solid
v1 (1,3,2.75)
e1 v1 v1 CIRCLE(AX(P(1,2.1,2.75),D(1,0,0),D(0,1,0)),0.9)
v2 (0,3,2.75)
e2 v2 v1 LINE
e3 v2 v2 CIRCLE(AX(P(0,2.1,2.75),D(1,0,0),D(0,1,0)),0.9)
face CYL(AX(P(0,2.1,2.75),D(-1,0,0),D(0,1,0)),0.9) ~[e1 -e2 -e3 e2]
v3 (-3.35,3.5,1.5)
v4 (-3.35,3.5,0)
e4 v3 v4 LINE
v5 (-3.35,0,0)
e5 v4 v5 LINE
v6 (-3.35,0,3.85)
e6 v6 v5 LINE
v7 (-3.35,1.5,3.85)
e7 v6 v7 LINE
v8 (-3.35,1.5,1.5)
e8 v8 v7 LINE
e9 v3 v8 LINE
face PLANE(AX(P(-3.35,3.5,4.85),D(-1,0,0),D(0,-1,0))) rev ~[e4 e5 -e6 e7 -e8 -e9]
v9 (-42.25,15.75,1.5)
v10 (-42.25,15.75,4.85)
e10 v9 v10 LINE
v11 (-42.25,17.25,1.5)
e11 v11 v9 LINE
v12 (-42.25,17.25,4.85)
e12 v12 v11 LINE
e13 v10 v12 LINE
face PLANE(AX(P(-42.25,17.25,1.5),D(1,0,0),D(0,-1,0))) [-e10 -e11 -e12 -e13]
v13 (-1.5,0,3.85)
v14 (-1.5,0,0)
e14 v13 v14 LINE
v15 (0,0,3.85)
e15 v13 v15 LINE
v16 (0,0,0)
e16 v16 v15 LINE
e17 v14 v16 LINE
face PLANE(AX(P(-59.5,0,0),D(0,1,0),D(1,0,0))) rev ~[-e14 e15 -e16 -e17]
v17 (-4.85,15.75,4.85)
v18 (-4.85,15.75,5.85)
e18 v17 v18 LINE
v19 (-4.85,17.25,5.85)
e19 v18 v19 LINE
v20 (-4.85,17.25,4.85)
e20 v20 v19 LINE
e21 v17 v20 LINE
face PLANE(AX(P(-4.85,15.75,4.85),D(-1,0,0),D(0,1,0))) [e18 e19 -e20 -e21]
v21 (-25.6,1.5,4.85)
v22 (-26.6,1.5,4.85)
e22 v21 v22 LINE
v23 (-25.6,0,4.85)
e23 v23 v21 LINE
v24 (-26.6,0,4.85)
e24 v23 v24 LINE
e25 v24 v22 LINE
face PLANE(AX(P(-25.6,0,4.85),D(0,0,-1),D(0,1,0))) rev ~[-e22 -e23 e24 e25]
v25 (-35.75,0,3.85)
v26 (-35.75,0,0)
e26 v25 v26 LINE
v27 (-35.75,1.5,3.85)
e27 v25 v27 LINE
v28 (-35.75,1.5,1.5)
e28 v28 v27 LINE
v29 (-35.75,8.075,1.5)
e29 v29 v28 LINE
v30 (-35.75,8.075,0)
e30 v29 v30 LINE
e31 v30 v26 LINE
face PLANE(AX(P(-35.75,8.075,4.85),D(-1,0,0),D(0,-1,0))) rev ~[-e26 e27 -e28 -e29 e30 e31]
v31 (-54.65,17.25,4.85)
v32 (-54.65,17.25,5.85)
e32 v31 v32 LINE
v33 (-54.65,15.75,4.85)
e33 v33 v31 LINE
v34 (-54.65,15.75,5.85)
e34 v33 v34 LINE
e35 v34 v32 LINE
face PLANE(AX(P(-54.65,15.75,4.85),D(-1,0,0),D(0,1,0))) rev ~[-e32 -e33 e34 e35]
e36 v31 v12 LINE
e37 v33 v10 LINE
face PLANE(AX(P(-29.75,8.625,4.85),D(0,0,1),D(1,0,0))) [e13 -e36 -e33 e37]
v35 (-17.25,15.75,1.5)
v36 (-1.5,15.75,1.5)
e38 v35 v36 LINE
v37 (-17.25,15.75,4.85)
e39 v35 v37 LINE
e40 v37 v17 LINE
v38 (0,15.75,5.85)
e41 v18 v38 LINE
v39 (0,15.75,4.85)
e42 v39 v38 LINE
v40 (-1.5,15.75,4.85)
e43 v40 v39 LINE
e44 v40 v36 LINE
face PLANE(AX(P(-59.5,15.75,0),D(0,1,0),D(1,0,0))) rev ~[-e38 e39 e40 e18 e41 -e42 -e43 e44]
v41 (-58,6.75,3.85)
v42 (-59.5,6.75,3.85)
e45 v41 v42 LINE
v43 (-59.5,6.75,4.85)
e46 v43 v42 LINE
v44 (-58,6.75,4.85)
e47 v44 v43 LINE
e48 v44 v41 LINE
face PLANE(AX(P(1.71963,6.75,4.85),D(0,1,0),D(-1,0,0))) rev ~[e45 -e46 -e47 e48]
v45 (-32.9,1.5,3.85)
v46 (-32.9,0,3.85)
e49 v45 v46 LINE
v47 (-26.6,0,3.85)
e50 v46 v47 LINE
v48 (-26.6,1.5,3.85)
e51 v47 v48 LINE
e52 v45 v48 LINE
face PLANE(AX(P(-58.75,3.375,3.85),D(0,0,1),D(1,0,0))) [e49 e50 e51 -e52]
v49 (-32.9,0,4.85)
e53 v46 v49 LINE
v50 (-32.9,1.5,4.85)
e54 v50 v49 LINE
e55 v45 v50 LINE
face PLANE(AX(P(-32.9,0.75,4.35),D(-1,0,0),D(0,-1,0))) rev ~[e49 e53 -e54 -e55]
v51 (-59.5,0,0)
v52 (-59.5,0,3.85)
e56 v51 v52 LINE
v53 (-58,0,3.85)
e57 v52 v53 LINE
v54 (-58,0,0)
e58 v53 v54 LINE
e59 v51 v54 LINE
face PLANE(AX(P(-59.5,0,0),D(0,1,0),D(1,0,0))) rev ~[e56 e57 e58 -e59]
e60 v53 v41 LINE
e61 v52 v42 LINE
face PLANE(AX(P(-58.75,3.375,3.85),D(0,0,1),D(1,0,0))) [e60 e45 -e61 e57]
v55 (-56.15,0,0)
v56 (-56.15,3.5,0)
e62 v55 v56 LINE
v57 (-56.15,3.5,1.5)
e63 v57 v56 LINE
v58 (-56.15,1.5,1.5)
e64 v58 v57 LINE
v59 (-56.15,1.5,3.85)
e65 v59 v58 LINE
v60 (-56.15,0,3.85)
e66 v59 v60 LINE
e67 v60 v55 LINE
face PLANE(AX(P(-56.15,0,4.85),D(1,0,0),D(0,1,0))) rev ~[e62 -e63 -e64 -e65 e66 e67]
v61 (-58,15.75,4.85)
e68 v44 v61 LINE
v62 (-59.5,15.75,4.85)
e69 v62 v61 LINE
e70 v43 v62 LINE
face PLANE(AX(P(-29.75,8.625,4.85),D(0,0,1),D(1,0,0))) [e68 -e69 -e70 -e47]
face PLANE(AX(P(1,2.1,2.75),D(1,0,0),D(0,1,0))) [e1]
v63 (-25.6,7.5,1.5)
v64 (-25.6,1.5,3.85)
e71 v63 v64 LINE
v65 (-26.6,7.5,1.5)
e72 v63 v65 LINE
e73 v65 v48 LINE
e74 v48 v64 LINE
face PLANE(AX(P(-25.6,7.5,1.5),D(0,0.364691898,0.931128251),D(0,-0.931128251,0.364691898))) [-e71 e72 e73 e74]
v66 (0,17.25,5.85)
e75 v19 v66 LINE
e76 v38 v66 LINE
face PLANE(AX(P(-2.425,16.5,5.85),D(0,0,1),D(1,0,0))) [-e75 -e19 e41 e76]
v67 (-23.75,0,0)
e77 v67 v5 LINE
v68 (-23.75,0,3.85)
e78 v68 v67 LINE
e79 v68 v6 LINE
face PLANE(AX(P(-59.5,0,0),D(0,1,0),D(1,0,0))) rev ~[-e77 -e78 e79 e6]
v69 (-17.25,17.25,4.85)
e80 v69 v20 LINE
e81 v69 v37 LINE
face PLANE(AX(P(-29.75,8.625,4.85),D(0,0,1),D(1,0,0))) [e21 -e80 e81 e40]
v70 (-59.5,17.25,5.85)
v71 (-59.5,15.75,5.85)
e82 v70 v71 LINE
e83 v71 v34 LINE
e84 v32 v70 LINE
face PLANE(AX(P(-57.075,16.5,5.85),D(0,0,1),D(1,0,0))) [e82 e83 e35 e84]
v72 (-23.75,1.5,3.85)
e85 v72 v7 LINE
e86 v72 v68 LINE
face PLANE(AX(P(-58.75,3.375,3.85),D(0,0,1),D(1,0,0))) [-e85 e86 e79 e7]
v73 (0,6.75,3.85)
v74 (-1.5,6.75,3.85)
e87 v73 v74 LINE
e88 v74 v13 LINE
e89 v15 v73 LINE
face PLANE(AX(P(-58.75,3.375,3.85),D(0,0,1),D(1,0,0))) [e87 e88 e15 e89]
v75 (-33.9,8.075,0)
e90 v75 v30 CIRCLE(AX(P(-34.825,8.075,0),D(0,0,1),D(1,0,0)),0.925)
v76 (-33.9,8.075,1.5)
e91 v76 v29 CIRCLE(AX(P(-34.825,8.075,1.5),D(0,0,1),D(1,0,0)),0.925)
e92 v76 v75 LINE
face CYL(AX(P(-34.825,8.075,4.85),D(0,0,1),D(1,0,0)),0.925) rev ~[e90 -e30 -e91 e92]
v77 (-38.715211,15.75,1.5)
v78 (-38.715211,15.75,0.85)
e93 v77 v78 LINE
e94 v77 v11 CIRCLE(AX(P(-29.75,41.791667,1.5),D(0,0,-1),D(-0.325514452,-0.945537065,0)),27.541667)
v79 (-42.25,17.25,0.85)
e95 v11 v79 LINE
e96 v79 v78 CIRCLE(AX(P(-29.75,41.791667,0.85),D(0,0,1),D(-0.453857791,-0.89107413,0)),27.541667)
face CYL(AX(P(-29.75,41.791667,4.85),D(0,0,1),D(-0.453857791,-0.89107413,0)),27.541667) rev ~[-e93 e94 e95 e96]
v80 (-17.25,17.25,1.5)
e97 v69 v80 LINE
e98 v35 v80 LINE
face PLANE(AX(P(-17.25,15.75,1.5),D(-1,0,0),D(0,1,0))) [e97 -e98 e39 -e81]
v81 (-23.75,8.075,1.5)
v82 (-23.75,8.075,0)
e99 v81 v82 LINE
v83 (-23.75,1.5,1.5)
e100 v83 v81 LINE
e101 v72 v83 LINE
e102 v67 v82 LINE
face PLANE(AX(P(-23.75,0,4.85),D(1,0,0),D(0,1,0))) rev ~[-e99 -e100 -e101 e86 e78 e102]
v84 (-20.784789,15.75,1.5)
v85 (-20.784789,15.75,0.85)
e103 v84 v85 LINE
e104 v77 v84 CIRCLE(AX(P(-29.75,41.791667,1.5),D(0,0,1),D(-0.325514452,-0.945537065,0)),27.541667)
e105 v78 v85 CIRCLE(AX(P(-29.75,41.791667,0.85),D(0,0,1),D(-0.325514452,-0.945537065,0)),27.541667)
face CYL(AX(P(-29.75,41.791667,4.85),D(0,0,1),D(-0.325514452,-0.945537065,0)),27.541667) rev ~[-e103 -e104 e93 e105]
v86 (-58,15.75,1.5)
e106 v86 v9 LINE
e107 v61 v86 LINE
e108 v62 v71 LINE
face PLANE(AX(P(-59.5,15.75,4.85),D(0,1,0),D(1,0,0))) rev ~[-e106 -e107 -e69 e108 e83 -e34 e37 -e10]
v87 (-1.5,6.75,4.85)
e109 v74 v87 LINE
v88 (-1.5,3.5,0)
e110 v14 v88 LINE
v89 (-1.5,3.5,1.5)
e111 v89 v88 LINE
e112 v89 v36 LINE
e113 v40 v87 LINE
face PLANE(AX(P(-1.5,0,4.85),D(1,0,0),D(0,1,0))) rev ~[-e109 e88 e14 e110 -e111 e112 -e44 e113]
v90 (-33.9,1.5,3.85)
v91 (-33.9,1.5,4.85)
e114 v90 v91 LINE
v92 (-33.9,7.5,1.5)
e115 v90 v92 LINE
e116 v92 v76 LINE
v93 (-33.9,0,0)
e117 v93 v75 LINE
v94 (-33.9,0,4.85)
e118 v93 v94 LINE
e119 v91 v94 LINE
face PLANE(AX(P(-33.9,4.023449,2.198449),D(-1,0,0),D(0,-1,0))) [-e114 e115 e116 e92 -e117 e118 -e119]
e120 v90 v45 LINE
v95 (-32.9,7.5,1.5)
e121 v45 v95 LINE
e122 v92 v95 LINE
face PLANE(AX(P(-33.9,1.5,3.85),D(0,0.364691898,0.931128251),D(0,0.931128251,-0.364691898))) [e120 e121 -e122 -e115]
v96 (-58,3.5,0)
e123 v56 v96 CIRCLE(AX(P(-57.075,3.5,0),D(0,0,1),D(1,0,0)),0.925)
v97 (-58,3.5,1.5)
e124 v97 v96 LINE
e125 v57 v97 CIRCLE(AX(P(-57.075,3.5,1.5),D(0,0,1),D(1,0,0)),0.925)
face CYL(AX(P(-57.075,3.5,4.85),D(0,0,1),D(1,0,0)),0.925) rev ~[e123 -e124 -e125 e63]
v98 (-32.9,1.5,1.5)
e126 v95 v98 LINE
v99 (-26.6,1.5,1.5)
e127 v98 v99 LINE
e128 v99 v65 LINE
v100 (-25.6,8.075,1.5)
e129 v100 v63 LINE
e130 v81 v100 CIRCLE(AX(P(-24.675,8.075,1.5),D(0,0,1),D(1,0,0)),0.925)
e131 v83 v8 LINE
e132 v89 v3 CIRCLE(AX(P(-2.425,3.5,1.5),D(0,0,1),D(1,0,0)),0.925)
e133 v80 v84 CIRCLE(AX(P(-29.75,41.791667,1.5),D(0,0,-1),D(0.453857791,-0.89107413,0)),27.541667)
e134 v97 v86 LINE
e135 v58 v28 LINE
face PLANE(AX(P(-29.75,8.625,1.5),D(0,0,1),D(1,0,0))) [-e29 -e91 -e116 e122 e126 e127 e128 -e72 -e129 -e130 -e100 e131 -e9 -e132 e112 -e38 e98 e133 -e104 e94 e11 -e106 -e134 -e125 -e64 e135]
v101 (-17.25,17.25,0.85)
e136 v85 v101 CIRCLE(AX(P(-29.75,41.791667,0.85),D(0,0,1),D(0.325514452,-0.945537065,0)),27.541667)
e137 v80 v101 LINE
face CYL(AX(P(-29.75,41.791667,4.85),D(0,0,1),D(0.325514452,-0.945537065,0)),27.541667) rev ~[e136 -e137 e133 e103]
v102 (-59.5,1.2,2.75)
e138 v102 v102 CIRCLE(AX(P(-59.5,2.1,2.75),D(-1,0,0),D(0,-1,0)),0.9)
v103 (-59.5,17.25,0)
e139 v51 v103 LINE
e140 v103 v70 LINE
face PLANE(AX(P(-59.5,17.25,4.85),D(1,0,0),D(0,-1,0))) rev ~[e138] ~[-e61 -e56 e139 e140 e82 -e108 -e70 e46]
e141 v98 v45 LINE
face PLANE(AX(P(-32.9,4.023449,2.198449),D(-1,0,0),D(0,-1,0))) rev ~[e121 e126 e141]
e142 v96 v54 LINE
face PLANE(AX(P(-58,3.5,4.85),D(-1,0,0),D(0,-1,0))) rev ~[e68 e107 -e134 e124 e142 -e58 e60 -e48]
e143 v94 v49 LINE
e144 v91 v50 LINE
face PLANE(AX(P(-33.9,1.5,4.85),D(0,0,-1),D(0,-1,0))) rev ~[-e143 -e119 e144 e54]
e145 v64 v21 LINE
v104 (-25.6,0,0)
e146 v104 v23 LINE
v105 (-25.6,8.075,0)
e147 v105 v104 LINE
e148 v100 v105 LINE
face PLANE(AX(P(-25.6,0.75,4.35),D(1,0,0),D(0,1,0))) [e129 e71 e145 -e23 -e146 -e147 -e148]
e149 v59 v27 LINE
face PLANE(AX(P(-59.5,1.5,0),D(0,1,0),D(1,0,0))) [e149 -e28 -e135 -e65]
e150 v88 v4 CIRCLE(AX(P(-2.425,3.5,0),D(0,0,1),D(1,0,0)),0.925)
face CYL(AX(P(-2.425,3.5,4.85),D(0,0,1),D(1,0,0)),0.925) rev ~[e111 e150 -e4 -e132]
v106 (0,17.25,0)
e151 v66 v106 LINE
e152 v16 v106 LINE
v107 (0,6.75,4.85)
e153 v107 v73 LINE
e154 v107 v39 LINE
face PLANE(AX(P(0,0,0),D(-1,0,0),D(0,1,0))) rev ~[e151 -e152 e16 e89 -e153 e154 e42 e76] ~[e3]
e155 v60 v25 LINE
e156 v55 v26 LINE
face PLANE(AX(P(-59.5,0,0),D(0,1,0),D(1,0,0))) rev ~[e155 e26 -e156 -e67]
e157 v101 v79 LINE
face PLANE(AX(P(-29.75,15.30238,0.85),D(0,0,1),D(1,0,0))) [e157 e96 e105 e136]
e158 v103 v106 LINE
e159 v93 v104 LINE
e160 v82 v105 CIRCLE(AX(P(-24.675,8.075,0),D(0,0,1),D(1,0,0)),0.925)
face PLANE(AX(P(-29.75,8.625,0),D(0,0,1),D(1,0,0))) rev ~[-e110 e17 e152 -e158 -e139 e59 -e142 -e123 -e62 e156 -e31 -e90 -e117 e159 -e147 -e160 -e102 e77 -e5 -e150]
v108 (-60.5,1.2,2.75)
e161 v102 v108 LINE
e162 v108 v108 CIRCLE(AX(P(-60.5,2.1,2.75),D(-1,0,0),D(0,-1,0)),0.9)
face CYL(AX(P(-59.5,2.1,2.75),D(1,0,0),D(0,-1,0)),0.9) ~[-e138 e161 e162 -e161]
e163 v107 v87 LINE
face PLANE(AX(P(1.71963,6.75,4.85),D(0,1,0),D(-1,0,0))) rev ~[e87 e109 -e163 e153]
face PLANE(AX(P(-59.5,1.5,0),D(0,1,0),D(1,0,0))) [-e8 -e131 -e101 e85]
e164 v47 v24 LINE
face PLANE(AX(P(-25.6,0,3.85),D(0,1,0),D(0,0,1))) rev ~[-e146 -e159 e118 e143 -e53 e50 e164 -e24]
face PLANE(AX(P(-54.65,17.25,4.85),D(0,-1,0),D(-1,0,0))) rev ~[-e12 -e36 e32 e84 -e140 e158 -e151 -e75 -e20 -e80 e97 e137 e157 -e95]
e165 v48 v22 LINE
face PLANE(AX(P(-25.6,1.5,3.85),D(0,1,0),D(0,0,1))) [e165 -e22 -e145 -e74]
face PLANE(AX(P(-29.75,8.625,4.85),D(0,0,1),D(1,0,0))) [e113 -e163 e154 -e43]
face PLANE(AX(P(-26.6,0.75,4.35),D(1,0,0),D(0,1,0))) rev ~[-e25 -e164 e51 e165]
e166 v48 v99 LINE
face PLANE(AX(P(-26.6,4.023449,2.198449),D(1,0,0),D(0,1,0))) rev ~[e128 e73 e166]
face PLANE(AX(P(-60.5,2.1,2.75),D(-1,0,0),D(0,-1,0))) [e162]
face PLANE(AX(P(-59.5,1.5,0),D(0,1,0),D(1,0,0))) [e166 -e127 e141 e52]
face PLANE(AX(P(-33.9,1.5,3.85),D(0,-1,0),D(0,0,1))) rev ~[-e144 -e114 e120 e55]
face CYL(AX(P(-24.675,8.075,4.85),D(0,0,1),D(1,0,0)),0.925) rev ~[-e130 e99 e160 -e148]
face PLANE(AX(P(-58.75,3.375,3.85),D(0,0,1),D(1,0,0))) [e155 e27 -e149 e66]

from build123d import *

# Parameters (mm, degrees)
F0_W      = 59.5
F0_H      = 17.25
F1_DEPTH  = 4.85
F2_T      = -1.5
F3_W      = 1.85
F3_H      = 1.5
F4_DEPTH  = 4.851
F6_DEPTH  = 4
F8_DEPTH  = 3.351
F9_W      = 1.5
F9_H      = 6.75
F10_DEPTH = 1
F11_W     = 4.85
F11_H     = 1.5
F12_DEPTH = 1
F13_W     = 1.5
F13_H     = 1
F14_DEPTH = 1
F15_W     = 1.5
F15_H     = 1
F16_DEPTH = 1
F17_R     = 0.9
F18_DEPTH = 1
F19_R     = 0.9
F20_DEPTH = 1


with BuildPart() as f1:
    # F0 (on Top) → F1 (new body)
    with BuildSketch(Plane.XY):
        with Locations((-29.75, 8.625)):
            Rectangle(F0_W, F0_H)
    extrude(amount=F1_DEPTH)

    # F2
    f2_openings = [f1.faces().sort_by_distance(p)[0] for p in [
        (-29.75, 8.625, 4.85),
    ]]
    offset(amount=F2_T, openings=f2_openings)

    # F3 (on face) → F4 (cut, through all)
    with BuildSketch(Plane.XY.offset(4.85)):
        with BuildLine():
            Line((-35.75, 8.075), (-35.75, 1.5))
            Line((-35.75, 1.5), (-33.9, 1.5))
            Line((-33.9, 1.5), (-33.9, 8.075))
            ThreePointArc((-33.9, 8.075), (-34.825, 9), (-35.75, 8.075))
        make_face()
        with Locations((-34.825, 0.75)):
            Rectangle(F3_W, F3_H)
        with BuildLine():
            Line((-58, 1.5), (-56.15, 1.5))
            Line((-56.15, 1.5), (-56.15, 3.5))
            ThreePointArc((-56.15, 3.5), (-57.075, 4.425), (-58, 3.5))
            Line((-58, 3.5), (-58, 1.5))
        make_face()
        with Locations((-57.075, 0.75)):
            Rectangle(F3_W, F3_H)
        with BuildLine():
            Line((-25.6, 8.075), (-25.6, 1.5))
            Line((-25.6, 1.5), (-23.75, 1.5))
            Line((-23.75, 1.5), (-23.75, 8.075))
            ThreePointArc((-23.75, 8.075), (-24.675, 9), (-25.6, 8.075))
        make_face()
        with Locations((-24.675, 0.75)):
            Rectangle(F3_W, F3_H)
        with BuildLine():
            Line((-1.5, 1.5), (-1.5, 3.5))
            ThreePointArc((-1.5, 3.5), (-2.425, 4.425), (-3.35, 3.5))
            Line((-3.35, 3.5), (-3.35, 1.5))
            Line((-3.35, 1.5), (-1.5, 1.5))
        make_face()
        with Locations((-2.425, 0.75)):
            Rectangle(F3_W, F3_H)
    extrude(amount=-F4_DEPTH, mode=Mode.SUBTRACT)

    # F5 (on face) → F6 (cut)
    with BuildSketch(Plane.XY.offset(4.85)):
        with BuildLine():
            Line((-20.7847894615, 15.75), (-38.7152105385, 15.75))
            ThreePointArc((-38.7152105385, 15.75), (-29.75, 14.25), (-20.7847894615, 15.75))
        make_face()
        with BuildLine():
            Line((-17.25, 17.25), (-42.25, 17.25))
            ThreePointArc((-42.25, 17.25), (-40.508778549, 16.4383219778), (-38.7152105385, 15.75))
            Line((-38.7152105385, 15.75), (-20.7847894615, 15.75))
            ThreePointArc((-20.7847894615, 15.75), (-18.991221451, 16.4383219778), (-17.25, 17.25))
        make_face()
    extrude(amount=-F6_DEPTH, mode=Mode.SUBTRACT)

    # F7 (on face) → F8 (cut, through all)
    with BuildSketch(Plane.XY.offset(1.5)):
        with BuildLine():
            Line((-42.25, 17.25), (-42.25, 15.75))
            Line((-42.25, 15.75), (-38.7152105385, 15.75))
            ThreePointArc((-38.7152105385, 15.75), (-40.508778549, 16.4383219778), (-42.25, 17.25))
        make_face()
        with BuildLine():
            ThreePointArc((-17.25, 17.25), (-18.991221451, 16.4383219778), (-20.7847894615, 15.75))
            Line((-20.7847894615, 15.75), (-17.25, 15.75))
            Line((-17.25, 15.75), (-17.25, 17.25))
        make_face()
    extrude(amount=F8_DEPTH, mode=Mode.SUBTRACT)

    # F9 (on face) → F10 (cut)
    with BuildSketch(Plane.XY.offset(4.85)):
        with Locations((-58.75, 3.375)):
            Rectangle(F9_W, F9_H)
        Polygon((-59.5, 6.75), (-60.5477912843, 6.75), (-60.5477912843, -8.7434453119), (1.7196297206, -8.7434453119), (1.7196297206, 6.75), (-58, 6.75), (-58, 0), (-59.5, 0), align=None)
    extrude(amount=-F10_DEPTH, mode=Mode.SUBTRACT)

    # F11 (on face) → F12 (join)
    with BuildSketch(Plane.XY.offset(4.85)):
        Polygon((-54.65, 17.25), (-59.5, 17.25), (-59.5, 15.75), (-58, 15.75), (-54.65, 15.75), align=None)
        with Locations((-2.425, 16.5)):
            Rectangle(F11_W, F11_H)
    extrude(amount=F12_DEPTH)

    # F13 (on face) → F14 (join)
    with BuildSketch(Plane(origin=(-33.9, 0, 0), x_dir=(0, -1, 0), z_dir=(-1, 0, 0))):
        Polygon((-1.5, 1.5), (-1.5, 3.85), (-7.5, 1.5), align=None)
        with Locations((-0.75, 4.35)):
            Rectangle(F13_W, F13_H)
    extrude(amount=-F14_DEPTH)

    # F15 (on face) → F16 (join)
    with BuildSketch(Plane.YZ.offset(-25.6)):
        with Locations((0.75, 4.35)):
            Rectangle(F15_W, F15_H)
        Polygon((7.5, 1.5), (1.5, 3.85), (1.5, 1.5), align=None)
    extrude(amount=-F16_DEPTH)

    # F17 (on face) → F18 (join)
    with BuildSketch(Plane.YZ):
        with Locations((2.1, 2.75)):
            Circle(F17_R)
    extrude(amount=F18_DEPTH)

    # F19 (on face) → F20 (join)
    with BuildSketch(Plane(origin=(-59.5, 0, 0), x_dir=(0, -1, 0), z_dir=(-1, 0, 0))):
        with Locations((-2.1, 2.75)):
            Circle(F19_R)
    extrude(amount=F20_DEPTH)


solid = f1.part
